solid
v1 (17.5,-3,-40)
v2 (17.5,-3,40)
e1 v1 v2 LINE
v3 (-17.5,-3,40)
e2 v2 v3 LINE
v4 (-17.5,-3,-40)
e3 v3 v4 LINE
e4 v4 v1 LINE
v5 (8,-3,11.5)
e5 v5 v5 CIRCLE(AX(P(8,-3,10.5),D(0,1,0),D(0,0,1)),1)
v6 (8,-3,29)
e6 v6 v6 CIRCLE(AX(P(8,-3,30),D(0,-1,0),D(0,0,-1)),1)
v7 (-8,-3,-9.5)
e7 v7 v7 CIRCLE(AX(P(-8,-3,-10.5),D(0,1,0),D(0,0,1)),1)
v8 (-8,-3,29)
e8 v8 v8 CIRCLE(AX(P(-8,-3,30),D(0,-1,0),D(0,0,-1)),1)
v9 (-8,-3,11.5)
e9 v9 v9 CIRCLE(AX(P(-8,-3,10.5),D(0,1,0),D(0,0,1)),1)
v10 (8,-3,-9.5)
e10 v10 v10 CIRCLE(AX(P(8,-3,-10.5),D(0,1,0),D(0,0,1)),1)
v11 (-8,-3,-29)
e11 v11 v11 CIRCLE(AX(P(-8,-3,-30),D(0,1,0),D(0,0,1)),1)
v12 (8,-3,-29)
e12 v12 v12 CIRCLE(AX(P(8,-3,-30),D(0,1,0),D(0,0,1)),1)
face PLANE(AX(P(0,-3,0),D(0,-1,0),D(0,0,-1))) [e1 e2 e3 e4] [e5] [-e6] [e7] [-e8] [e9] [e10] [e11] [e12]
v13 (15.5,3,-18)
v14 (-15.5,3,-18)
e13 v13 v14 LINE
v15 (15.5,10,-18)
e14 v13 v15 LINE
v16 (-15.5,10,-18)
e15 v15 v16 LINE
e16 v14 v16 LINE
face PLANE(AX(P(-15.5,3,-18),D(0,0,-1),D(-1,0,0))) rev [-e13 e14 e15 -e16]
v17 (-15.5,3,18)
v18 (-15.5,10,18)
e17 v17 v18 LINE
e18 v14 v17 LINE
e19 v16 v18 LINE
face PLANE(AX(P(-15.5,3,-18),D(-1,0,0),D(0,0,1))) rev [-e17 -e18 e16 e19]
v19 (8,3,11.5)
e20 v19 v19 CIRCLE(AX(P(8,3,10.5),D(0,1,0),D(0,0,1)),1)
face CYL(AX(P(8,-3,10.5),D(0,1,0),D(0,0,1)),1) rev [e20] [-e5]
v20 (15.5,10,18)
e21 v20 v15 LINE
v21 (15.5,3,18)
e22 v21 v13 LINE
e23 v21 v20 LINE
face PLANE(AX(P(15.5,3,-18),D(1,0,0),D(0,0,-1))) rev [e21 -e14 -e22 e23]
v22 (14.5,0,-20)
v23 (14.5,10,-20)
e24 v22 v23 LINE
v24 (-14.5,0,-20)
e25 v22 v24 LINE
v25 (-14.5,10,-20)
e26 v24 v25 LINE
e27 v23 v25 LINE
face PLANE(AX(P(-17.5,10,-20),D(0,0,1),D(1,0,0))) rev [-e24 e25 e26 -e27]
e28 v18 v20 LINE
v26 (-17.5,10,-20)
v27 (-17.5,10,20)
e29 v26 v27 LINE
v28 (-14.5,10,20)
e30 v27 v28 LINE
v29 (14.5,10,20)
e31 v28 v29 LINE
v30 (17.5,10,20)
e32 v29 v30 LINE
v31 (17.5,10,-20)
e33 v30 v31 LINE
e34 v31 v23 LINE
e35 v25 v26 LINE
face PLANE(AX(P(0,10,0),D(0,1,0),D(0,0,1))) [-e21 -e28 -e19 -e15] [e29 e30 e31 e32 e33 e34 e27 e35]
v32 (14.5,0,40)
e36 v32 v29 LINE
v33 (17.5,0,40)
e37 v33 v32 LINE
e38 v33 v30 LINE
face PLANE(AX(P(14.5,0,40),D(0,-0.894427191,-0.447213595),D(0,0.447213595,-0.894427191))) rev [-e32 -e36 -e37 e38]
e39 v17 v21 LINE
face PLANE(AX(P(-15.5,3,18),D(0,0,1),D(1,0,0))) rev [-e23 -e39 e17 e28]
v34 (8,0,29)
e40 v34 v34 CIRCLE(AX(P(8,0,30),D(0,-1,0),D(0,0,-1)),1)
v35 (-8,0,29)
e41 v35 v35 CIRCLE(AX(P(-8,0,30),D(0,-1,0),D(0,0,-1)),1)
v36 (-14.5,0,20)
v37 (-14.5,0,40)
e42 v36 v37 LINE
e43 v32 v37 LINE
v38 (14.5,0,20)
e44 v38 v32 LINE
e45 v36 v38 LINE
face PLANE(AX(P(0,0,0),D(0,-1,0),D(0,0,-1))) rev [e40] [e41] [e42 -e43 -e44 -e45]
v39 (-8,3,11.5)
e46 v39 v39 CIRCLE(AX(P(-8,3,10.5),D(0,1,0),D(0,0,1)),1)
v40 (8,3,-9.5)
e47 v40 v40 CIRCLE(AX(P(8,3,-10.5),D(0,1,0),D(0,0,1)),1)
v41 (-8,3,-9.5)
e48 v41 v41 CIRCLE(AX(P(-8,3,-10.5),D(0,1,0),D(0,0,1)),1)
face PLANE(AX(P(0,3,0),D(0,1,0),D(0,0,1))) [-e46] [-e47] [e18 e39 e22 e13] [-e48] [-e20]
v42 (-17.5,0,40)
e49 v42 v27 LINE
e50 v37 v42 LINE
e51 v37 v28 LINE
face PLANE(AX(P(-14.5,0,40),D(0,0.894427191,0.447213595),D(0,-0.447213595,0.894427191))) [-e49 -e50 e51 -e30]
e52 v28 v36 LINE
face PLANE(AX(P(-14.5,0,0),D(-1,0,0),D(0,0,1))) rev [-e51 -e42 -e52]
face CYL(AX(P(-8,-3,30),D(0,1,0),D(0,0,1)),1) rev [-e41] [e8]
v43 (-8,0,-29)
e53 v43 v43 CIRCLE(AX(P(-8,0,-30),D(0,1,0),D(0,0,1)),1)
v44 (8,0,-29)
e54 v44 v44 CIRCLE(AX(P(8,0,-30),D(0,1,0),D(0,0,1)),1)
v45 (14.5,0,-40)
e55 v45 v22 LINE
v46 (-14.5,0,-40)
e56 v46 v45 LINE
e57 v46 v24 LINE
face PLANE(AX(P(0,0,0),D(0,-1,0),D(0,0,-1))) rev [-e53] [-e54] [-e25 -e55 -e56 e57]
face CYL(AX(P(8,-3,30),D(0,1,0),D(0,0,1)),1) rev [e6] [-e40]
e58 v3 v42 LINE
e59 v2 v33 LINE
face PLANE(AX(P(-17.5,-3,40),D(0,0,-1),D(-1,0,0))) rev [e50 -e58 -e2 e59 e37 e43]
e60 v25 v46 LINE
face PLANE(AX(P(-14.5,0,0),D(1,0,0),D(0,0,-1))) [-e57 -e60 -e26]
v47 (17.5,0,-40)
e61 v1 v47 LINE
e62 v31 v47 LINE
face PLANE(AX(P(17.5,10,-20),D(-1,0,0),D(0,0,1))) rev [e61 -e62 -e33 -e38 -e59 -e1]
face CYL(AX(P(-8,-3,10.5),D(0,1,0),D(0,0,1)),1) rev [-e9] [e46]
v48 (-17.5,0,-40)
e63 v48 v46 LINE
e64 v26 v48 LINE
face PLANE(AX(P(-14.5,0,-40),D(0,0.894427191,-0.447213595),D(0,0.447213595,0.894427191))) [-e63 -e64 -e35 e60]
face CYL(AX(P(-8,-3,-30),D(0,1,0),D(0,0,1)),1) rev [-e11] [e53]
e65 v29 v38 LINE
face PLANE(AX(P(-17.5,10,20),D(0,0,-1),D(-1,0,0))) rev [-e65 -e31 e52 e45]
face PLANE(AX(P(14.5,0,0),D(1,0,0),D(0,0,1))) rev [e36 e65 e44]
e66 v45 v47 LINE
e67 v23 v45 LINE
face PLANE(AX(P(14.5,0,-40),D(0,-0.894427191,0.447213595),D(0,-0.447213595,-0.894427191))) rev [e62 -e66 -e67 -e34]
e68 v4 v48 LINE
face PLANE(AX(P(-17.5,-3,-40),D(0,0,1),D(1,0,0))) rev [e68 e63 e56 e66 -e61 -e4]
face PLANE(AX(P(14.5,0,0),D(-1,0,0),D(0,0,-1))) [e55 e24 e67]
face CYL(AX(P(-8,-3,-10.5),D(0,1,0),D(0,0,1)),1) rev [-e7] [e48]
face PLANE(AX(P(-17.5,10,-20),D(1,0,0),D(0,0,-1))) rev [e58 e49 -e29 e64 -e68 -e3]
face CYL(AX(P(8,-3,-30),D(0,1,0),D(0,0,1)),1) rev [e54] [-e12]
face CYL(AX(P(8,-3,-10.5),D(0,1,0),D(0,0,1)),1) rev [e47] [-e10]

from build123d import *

# Parameters (mm, degrees)
SKETCH1_W           = 35
SKETCH1_H           = 40
BOSS_EXTRUDE1_DEPTH = 10
SKETCH2_W           = 31
SKETCH2_H           = 36
CUT_EXTRUDE1_DEPTH  = 7
SKETCH3_W           = 35
SKETCH3_H           = 80
BOSS_EXTRUDE2_DEPTH = 3
BOSS_EXTRUDE3_DEPTH = 3
SKETCH6_R           = 1
CUT_EXTRUDE2_DEPTH  = 6
SKETCH7_R           = 1
CUT_EXTRUDE3_DEPTH  = 3


with BuildPart() as part:
    # Sketch1 → Boss-Extrude1 (new body)
    with BuildSketch(Plane(origin=(0, 0, 0), x_dir=(1, 0, 0), z_dir=(0, 1, 0))):
        Rectangle(SKETCH1_W, SKETCH1_H)
    extrude(amount=BOSS_EXTRUDE1_DEPTH)

    # Sketch2 → Cut-Extrude1 (cut)
    with BuildSketch(Plane(origin=(0, 10, 0), x_dir=(1, 0, 0), z_dir=(0, 1, 0))):
        Rectangle(SKETCH2_W, SKETCH2_H)
    extrude(amount=-CUT_EXTRUDE1_DEPTH, mode=Mode.SUBTRACT)

    # Sketch3 → Boss-Extrude2 (add)
    with BuildSketch(Plane.XZ):
        Rectangle(SKETCH3_W, SKETCH3_H)
    extrude(amount=BOSS_EXTRUDE2_DEPTH)

    # Sketch5 → Boss-Extrude3 (add)
    with BuildSketch(Plane.ZY.offset(17.5)):
        Polygon((-20, 10), (-20, 0), (-40, 0), align=None)
        Polygon((20, 10), (20, 0), (40, 0), align=None)
    boss_extrude3 = extrude(amount=-BOSS_EXTRUDE3_DEPTH)

    # Mirror1: Boss-Extrude3 across plane
    add(boss_extrude3.mirror(Plane(origin=(0, 0, 0), x_dir=(0, 0, 1), z_dir=(1, 0, 0))))

    # Sketch6 → Cut-Extrude2 (cut)
    with BuildSketch(Plane(origin=(0, 3, 0), x_dir=(1, 0, 0), z_dir=(0, 1, 0))):
        with Locations(Location((-8, 10.5, 0), (0, 0, 270))):
            Circle(SKETCH6_R)
        with Locations(Location((8, 10.5, 0), (0, 0, 270))):
            Circle(SKETCH6_R)
        with Locations(Location((-8, -10.5, 0), (0, 0, 270))):
            Circle(SKETCH6_R)
        with Locations(Location((8, -10.5, 0), (0, 0, 270))):
            Circle(SKETCH6_R)
    extrude(amount=-CUT_EXTRUDE2_DEPTH, mode=Mode.SUBTRACT)

    # Sketch7 → Cut-Extrude3 (cut)
    with BuildSketch(Plane(origin=(0, 0, 0), x_dir=(1, 0, 0), z_dir=(0, 1, 0))):
        with Locations(Location((-8, 30, 0), (0, 0, 270))):
            Circle(SKETCH7_R)
        with Locations(Location((8, 30, 0), (0, 0, 270))):
            Circle(SKETCH7_R)
    cut_extrude3 = extrude(amount=-CUT_EXTRUDE3_DEPTH, mode=Mode.SUBTRACT)

    # Mirror2: Cut-Extrude3 across plane
    add(cut_extrude3.mirror(Plane.XY), mode=Mode.SUBTRACT)


solid = part.part
